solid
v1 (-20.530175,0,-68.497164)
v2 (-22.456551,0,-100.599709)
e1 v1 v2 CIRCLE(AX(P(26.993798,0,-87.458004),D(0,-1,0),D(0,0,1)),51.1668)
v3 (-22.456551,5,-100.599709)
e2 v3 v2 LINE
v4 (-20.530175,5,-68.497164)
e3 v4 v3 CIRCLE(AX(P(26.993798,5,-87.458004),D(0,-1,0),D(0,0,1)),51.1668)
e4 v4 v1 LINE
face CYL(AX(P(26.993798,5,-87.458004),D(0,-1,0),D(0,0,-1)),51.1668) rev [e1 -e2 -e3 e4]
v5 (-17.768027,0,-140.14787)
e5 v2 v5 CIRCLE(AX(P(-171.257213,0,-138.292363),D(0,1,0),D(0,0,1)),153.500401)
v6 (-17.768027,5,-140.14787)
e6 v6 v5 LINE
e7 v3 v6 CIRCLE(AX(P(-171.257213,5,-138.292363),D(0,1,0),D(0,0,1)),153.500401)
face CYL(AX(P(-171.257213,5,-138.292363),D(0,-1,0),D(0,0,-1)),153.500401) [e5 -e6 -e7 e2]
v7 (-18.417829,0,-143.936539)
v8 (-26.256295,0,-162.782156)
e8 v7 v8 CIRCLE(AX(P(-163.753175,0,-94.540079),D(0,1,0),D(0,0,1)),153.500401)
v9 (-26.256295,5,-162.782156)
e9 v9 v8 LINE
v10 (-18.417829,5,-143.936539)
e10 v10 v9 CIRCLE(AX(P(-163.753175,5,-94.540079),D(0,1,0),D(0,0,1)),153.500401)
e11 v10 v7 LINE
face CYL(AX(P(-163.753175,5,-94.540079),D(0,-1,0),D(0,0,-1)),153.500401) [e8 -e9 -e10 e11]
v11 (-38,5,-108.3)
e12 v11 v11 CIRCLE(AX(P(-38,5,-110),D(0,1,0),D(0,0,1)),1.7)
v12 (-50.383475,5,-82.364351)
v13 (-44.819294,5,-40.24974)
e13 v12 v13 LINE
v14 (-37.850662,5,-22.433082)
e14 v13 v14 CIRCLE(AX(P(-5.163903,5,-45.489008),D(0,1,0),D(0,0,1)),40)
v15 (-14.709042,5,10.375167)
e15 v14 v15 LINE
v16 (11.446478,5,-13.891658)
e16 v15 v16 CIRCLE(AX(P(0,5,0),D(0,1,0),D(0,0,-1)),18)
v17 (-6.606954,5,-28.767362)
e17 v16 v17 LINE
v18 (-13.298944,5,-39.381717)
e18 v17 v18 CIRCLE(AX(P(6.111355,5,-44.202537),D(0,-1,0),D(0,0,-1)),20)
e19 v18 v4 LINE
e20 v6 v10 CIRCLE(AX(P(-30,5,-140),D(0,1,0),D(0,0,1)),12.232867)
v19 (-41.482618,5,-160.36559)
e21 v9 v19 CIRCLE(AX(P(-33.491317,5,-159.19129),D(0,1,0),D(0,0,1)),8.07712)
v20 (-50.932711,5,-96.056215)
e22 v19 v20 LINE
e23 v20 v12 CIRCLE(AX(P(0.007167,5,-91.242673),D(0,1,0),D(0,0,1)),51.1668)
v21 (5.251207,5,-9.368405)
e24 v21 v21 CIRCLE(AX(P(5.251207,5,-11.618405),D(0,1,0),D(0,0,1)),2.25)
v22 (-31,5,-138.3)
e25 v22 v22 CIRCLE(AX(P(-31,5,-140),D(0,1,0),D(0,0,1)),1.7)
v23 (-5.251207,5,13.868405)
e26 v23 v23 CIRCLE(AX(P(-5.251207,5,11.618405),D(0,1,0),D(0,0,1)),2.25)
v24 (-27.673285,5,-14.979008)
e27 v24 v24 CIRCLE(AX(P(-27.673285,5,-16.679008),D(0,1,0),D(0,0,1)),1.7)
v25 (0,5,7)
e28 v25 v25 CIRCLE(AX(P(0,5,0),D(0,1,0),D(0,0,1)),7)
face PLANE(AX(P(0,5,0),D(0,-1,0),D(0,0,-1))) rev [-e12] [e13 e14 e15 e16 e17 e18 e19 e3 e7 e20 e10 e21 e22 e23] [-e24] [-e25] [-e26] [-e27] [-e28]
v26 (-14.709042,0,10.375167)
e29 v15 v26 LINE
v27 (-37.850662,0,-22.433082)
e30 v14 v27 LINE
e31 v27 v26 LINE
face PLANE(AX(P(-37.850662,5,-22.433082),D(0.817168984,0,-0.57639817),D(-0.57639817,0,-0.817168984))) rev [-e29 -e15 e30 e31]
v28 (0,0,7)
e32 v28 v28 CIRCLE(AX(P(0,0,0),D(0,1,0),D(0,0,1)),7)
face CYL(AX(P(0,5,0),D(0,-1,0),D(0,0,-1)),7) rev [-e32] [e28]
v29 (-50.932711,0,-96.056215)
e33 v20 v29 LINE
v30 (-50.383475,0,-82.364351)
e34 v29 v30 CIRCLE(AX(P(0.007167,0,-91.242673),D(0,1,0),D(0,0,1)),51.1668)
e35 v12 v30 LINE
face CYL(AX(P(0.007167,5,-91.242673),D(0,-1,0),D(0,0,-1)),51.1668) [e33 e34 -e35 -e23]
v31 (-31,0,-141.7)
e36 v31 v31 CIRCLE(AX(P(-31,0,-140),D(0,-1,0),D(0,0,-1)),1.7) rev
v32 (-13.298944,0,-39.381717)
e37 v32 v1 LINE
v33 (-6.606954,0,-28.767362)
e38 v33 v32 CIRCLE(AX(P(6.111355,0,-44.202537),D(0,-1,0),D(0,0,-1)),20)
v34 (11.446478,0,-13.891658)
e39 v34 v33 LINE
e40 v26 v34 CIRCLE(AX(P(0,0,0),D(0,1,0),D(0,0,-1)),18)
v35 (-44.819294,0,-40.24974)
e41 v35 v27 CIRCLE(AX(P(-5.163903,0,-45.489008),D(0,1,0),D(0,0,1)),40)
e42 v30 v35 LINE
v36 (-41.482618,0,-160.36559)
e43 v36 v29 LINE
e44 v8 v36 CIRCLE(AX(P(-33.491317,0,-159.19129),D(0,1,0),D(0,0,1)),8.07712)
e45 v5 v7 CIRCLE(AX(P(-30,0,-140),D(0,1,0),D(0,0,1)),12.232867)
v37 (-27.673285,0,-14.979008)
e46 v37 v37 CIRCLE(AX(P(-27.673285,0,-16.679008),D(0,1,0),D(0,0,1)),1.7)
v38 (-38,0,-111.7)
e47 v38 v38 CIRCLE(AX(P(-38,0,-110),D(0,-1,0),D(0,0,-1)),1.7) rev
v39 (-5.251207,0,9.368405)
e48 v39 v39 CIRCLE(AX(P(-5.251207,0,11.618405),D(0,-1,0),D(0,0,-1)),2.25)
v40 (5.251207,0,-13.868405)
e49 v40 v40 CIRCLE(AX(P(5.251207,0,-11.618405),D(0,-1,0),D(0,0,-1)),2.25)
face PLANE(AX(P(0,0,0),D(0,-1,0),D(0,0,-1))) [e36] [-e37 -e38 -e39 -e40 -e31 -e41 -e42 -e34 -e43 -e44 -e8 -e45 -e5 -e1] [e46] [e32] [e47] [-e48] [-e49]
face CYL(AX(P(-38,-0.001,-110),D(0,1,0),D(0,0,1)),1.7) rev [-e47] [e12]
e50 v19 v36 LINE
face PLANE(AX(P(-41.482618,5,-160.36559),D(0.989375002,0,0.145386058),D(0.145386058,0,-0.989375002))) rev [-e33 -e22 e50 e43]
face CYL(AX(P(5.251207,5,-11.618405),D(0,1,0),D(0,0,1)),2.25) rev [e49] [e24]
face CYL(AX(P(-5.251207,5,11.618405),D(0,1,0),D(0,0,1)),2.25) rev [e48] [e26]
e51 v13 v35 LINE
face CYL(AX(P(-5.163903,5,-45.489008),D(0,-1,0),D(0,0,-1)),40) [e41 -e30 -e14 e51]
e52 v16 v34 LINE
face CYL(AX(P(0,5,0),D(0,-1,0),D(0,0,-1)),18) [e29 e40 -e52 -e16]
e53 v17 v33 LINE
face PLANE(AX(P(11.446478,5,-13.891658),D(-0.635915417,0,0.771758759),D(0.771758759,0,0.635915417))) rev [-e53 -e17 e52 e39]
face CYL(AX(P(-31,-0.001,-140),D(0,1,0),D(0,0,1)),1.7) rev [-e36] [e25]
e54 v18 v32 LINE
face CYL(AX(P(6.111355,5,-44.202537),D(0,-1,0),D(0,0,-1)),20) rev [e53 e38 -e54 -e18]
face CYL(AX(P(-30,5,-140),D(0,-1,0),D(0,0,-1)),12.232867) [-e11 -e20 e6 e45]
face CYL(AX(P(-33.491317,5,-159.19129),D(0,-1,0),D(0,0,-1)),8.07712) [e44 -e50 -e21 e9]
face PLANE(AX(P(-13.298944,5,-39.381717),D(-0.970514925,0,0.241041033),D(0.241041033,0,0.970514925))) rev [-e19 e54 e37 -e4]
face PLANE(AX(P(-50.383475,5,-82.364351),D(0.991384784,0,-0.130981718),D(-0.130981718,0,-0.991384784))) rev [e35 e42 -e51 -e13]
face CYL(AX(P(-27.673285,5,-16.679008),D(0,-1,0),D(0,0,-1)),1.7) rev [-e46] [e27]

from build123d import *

# Parameters (mm, degrees)
SKETCH1_R                = 7
SKETCH1_R_2              = 1.7
BOSS_EXTRUDE2_DEPTH      = 5
CUT_EXTRUDE1_REACH       = 176.989
SKETCH3_R                = 1.7
M4_CLEARANCE_HOLE1_D     = 4.5
M4_CLEARANCE_HOLE1_DEPTH = 10.1
M4_CLEARANCE_HOLE1_TIP   = 1.351936393


with BuildPart() as part:
    # Sketch1 → Boss-Extrude2 (new body)
    with BuildSketch(Plane(origin=(0, 0, 0), x_dir=(1, 0, 0), z_dir=(0, 1, 0))):
        with BuildLine():
            Line((11.446477506, 13.891657666), (-6.606953629, 28.767362089))
            ThreePointArc((-6.606953629, 28.767362089), (-10.806918693, 33.53614027), (-13.298943796, 39.38171661))
            Line((-13.298943796, 39.38171661), (-20.530174792, 68.49716437))
            ThreePointArc((-20.530174792, 68.49716437), (-24.08112857, 84.393152776), (-22.456551163, 100.599709115))
            ThreePointArc((-22.456551163, 100.599709115), (-18.824269383, 120.221092129), (-17.76802696, 140.147870449))
            ThreePointArc((-17.76802696, 140.147870449), (-17.943181625, 142.067888002), (-18.417828761, 143.936539027))
            ThreePointArc((-18.417828761, 143.936539027), (-22.023480215, 153.489775682), (-26.256294904, 162.782156045))
            ThreePointArc((-26.256294904, 162.782156045), (-34.757388509, 167.168565439), (-41.482617684, 160.365590178))
            Line((-41.482617684, 160.365590178), (-50.932711484, 96.056215067))
            ThreePointArc((-50.932711484, 96.056215067), (-51.118515181, 89.191813761), (-50.383474997, 82.364351257))
            Line((-50.383474997, 82.364351257), (-44.819294227, 40.249739786))
            ThreePointArc((-44.819294227, 40.249739786), (-42.41581584, 30.91866257), (-37.850662253, 22.433081678))
            Line((-37.850662253, 22.433081678), (-14.709041721, -10.375167067))
            ThreePointArc((-14.709041721, -10.375167067), (12.242580486, -13.195424322), (11.446477506, 13.891657666))
        make_face()
        with Locations(Location((0, 0, 0), (0, 0, 270))):
            Circle(SKETCH1_R, mode=Mode.SUBTRACT)
        with Locations(Location((-27.673284612, 16.679008328, 0), (0, 0, 270))):
            Circle(SKETCH1_R_2, mode=Mode.SUBTRACT)
    extrude(amount=BOSS_EXTRUDE2_DEPTH)

    # Sketch3 → Cut-Extrude1 (cut, up to next)
    with BuildSketch(Plane(origin=(0, 5, 0), x_dir=(1, 0, 0), z_dir=(0, 1, 0)), mode=Mode.PRIVATE) as cut_extrude1_sk1:
        with Locations(Location((-31, 140, 0), (0, 0, 270))):
            Circle(SKETCH3_R)
    cut_extrude1_tool1 = extrude(cut_extrude1_sk1.sketch, amount=-CUT_EXTRUDE1_REACH, mode=Mode.PRIVATE) & part.part
    # Sketch3 → Cut-Extrude1 (cut, up to next)
    with BuildSketch(Plane(origin=(0, 5, 0), x_dir=(1, 0, 0), z_dir=(0, 1, 0)), mode=Mode.PRIVATE) as cut_extrude1_sk2:
        with Locations(Location((-38, 110, 0), (0, 0, 270))):
            Circle(SKETCH3_R)
    cut_extrude1_tool2 = extrude(cut_extrude1_sk2.sketch, amount=-CUT_EXTRUDE1_REACH, mode=Mode.PRIVATE) & part.part
    add(cut_extrude1_tool1.solids().sort_by_distance((-31, 5, -140))[0], mode=Mode.SUBTRACT)
    add(cut_extrude1_tool2.solids().sort_by_distance((-38, 5, -110))[0], mode=Mode.SUBTRACT)

    # M4 Clearance Hole1
    with Locations(Plane(origin=(-5.251206507, 5, 11.618404805), x_dir=(0, 0, 1), z_dir=(0, 1, 0))):
        with Locations((0, 0), (-23.23680961, 10.502413014)):
            Hole(M4_CLEARANCE_HOLE1_D / 2, depth=M4_CLEARANCE_HOLE1_DEPTH)
            with Locations((0, 0, -(M4_CLEARANCE_HOLE1_DEPTH + M4_CLEARANCE_HOLE1_TIP / 2))):  # 118° drill point
                Cone(0, M4_CLEARANCE_HOLE1_D / 2, M4_CLEARANCE_HOLE1_TIP, mode=Mode.SUBTRACT)


solid = part.part
